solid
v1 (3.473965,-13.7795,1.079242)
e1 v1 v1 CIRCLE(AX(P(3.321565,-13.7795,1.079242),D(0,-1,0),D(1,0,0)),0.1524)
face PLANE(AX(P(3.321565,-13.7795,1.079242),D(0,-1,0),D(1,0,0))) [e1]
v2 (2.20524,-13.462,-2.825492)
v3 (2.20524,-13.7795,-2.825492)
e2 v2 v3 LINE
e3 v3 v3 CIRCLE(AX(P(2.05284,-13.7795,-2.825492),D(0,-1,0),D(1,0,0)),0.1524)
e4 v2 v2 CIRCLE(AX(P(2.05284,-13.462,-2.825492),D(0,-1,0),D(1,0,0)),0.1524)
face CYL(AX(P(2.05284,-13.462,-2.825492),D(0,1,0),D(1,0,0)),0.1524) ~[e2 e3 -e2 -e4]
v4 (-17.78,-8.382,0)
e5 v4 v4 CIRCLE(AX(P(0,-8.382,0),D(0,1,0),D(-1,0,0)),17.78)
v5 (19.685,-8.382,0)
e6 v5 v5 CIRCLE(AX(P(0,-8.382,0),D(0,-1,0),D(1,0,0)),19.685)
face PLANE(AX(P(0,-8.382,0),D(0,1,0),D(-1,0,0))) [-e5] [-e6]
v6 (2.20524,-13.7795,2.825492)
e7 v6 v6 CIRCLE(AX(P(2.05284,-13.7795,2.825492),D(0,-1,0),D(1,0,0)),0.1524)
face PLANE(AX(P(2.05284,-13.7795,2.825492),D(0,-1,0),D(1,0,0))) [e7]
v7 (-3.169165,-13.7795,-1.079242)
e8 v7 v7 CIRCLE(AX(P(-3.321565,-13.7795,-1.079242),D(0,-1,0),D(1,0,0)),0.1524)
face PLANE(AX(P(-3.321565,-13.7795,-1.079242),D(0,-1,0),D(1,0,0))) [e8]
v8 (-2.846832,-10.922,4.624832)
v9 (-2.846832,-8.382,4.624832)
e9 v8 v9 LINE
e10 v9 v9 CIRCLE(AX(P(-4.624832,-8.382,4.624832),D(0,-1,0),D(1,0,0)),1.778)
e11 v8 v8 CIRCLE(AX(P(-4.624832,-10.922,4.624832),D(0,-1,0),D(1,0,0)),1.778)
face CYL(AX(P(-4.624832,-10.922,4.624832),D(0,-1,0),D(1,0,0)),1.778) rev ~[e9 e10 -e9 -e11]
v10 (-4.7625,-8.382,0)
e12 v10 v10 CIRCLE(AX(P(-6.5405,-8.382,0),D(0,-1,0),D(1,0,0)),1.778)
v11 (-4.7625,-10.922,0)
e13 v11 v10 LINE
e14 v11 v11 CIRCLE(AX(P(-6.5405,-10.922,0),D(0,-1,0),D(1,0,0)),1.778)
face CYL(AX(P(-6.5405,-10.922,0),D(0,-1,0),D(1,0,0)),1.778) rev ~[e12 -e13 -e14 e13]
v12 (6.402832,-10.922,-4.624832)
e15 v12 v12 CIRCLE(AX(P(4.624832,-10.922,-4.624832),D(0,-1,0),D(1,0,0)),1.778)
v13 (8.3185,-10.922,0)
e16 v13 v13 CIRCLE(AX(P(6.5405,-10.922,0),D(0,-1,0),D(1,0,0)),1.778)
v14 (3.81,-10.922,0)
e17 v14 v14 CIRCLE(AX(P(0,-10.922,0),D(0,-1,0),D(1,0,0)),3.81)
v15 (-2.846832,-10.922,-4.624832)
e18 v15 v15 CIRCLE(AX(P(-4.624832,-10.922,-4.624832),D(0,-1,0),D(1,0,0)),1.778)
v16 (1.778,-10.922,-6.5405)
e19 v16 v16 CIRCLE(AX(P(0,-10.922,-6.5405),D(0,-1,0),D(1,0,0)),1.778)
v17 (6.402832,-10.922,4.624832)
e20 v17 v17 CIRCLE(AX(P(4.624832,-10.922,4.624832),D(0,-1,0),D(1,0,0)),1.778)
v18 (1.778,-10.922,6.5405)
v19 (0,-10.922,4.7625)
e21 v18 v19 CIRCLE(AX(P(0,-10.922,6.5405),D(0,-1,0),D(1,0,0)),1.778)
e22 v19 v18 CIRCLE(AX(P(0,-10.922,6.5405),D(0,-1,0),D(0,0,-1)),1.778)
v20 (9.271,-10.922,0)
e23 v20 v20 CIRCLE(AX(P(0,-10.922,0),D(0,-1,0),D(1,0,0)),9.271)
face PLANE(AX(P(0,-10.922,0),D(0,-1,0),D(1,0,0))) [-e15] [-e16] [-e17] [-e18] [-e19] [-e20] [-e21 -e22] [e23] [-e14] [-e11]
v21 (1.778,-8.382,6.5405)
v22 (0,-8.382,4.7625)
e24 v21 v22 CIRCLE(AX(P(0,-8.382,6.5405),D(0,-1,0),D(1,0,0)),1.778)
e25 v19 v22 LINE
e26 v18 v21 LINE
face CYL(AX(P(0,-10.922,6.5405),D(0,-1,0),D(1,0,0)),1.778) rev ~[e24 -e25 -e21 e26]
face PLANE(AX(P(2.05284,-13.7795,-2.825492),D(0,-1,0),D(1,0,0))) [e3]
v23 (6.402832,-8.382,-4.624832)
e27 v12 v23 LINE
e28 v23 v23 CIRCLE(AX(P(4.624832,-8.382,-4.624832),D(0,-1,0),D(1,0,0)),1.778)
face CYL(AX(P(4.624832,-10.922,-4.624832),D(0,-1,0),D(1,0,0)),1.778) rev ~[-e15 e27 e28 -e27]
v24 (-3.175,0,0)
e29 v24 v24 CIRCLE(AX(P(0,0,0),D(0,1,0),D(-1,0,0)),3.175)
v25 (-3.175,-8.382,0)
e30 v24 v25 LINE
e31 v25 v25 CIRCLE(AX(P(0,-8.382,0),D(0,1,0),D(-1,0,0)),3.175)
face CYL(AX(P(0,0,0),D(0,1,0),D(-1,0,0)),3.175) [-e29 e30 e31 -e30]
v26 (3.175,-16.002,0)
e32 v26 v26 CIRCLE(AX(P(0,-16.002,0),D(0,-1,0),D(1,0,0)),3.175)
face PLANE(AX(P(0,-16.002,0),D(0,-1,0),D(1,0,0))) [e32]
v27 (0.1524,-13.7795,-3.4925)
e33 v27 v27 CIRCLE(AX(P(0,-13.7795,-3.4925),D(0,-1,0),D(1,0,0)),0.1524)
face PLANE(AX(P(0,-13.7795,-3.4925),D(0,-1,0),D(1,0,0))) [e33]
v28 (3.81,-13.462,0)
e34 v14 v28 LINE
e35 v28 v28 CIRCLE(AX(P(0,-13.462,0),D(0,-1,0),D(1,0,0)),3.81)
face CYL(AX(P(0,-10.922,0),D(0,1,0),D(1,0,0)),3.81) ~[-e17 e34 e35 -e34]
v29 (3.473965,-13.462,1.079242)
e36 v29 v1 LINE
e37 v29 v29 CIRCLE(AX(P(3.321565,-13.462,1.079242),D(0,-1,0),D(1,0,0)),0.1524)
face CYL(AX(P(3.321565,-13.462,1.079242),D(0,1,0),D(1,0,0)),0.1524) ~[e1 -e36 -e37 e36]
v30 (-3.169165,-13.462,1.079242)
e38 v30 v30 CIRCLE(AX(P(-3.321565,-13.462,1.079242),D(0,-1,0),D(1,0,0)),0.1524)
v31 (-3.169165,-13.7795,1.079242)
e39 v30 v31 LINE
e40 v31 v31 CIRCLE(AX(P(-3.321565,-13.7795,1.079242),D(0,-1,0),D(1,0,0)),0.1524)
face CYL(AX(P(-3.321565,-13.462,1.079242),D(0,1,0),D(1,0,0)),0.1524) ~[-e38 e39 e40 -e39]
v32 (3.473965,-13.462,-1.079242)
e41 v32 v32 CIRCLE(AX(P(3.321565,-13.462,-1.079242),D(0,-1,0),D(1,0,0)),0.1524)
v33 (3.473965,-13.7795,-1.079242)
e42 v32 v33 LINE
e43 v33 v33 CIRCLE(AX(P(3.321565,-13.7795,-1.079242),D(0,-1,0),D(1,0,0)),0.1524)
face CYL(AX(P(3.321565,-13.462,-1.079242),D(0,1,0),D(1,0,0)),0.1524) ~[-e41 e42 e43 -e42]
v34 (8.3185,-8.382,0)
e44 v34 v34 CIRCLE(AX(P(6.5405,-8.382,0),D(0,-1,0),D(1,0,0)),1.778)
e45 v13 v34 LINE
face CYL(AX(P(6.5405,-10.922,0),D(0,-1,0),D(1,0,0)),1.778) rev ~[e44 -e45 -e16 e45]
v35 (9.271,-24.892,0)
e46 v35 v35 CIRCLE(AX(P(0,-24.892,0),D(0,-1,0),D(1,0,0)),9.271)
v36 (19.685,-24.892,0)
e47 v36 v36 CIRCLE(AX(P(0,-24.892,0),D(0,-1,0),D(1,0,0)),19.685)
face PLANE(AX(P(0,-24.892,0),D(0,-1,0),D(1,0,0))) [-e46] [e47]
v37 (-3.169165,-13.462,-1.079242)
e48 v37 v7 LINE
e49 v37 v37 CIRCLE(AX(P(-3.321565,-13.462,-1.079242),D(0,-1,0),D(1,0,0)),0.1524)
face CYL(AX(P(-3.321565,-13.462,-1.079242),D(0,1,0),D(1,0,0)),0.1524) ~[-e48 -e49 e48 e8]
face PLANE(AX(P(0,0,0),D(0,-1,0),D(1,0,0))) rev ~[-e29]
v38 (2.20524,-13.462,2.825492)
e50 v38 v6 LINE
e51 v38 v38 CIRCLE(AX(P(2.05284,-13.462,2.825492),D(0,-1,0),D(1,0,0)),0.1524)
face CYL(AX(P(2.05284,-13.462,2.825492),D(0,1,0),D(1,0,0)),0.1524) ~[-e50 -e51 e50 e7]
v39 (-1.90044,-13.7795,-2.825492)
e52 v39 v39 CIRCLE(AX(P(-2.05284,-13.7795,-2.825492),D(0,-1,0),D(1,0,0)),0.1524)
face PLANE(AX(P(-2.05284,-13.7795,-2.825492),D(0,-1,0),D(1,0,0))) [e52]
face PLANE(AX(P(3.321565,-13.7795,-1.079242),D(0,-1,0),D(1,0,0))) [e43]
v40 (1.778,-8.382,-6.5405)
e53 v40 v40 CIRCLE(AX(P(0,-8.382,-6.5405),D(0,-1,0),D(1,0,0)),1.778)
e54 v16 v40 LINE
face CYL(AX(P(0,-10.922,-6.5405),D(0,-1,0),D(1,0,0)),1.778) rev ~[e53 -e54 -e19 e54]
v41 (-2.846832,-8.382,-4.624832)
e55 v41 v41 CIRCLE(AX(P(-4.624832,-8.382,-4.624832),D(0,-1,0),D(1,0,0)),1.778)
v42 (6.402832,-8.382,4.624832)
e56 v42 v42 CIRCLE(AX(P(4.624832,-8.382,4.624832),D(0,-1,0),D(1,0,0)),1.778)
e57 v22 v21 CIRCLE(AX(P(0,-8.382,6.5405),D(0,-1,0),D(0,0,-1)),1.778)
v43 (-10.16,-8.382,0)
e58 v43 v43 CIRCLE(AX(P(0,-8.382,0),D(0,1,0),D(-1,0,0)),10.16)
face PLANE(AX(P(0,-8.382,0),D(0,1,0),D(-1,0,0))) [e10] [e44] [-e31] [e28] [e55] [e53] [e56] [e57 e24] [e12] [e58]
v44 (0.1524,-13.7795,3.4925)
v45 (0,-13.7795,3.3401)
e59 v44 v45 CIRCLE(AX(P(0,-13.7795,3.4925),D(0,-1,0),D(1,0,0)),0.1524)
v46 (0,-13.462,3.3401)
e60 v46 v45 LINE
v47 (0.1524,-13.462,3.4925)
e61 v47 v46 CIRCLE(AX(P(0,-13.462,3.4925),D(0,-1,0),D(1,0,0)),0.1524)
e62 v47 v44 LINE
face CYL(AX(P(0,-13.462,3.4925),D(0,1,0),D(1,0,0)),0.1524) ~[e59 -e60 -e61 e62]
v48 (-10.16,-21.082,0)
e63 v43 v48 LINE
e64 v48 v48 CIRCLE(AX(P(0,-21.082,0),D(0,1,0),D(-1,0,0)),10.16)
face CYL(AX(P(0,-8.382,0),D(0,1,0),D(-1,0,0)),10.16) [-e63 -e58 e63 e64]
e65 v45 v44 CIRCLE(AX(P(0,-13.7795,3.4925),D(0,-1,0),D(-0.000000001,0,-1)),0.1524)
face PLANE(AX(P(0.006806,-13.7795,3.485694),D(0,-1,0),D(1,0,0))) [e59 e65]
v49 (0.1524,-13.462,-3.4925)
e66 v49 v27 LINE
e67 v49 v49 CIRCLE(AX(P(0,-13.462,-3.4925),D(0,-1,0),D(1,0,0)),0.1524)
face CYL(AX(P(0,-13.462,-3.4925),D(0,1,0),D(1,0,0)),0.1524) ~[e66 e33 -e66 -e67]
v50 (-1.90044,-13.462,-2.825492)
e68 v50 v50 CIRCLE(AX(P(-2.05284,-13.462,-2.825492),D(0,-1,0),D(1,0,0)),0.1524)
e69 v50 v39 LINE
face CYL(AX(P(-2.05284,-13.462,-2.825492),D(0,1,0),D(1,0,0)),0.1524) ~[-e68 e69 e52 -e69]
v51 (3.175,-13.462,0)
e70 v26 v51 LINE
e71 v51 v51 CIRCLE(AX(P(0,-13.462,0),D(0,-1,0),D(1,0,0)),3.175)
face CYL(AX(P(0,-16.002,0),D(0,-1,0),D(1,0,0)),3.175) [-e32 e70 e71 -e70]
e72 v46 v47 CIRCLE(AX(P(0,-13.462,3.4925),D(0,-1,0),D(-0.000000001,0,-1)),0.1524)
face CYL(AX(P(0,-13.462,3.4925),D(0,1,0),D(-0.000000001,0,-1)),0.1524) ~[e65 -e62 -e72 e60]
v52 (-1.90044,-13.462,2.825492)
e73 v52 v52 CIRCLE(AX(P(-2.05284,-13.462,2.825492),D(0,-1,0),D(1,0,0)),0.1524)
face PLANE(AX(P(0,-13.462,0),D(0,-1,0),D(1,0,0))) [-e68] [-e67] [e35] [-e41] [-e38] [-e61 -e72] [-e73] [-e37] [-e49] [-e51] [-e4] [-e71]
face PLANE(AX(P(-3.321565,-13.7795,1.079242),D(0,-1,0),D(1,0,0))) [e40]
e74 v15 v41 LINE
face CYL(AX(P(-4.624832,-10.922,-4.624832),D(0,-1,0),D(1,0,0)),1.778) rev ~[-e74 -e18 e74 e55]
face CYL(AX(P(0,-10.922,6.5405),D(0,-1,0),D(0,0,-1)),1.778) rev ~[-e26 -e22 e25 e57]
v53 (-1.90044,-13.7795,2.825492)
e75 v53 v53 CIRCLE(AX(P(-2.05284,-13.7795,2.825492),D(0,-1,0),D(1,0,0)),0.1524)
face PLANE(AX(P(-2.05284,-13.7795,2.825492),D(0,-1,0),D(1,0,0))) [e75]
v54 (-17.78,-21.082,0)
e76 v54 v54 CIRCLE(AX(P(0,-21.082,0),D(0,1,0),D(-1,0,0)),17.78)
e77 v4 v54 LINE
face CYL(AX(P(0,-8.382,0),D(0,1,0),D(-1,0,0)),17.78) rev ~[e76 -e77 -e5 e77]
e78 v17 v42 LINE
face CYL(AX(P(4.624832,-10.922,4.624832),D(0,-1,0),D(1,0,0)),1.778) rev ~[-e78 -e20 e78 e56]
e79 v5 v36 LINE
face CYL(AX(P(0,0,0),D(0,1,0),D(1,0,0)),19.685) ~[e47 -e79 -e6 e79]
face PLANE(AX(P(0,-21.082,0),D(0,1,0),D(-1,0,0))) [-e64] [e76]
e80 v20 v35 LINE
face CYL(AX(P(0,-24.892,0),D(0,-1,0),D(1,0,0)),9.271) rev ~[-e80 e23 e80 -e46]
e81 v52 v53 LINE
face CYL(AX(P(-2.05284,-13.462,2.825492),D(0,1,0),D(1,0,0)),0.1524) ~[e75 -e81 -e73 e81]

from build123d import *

# Parameters (mm, degrees)
F0_R      = 19.685
F0_R_2    = 10.16
F0_R_3    = 8.89
F1_DEPTH  = 24.892
F2_R      = 19.685
F2_R_2    = 3.175
F3_DEPTH  = 8.382
F4_R      = 9.271
F5_DEPTH  = 8.89
F6_R      = 9.271
F6_R_2    = 3.175
F7_DEPTH  = 5.08
F8_R      = 3.81
F8_R_2    = 3.175
F9_DEPTH  = 2.54
F10_R     = 1.778
F11_DEPTH = 7.6708
F12_R     = 0.1524
F13_DEPTH = 0.3175
F15_R     = 17.78
F15_R_2   = 10.16
F16_DEPTH = 12.7


with BuildPart() as f1:
    # F0 (on Front) → F1 (new body)
    with BuildSketch(Plane.XZ):
        Circle(F0_R)
        Circle(F0_R_2, mode=Mode.SUBTRACT)
        Circle(F0_R_2)
        Circle(F0_R_3, mode=Mode.SUBTRACT)
        Circle(F0_R_3)
    extrude(amount=F1_DEPTH)

    # F2 (on face) → F3 (cut)
    with BuildSketch(Plane(origin=(0, 0, 0), x_dir=(-1, 0, 0), z_dir=(0, 1, 0))):
        Circle(F2_R)
        Circle(F2_R_2, mode=Mode.SUBTRACT)
    extrude(amount=-F3_DEPTH, mode=Mode.SUBTRACT)

    # F4 (on face) → F5 (cut)
    with BuildSketch(Plane.XZ.offset(24.892)):
        Circle(F4_R)
    extrude(amount=-F5_DEPTH, mode=Mode.SUBTRACT)

    # F6 (on face) → F7 (cut)
    with BuildSketch(Plane.XZ.offset(16.002)):
        Circle(F6_R)
        Circle(F6_R_2, mode=Mode.SUBTRACT)
    extrude(amount=-F7_DEPTH, mode=Mode.SUBTRACT)

    # F8 (on face) → F9 (join)
    with BuildSketch(Plane.XZ.offset(10.922)):
        Circle(F8_R)
        Circle(F8_R_2, mode=Mode.SUBTRACT)
    extrude(amount=F9_DEPTH)

    # F10 (on face) → F11 (cut)
    with BuildSketch(Plane.XZ.offset(10.922)):
        with Locations((-4.6248319024, 4.6248319024)):
            Circle(F10_R)
        with BuildLine():
            ThreePointArc((1.778, 6.5405), (-1.2572358569, 7.7977358569), (0, 4.7625))
            ThreePointArc((0, 4.7625), (1.2572358569, 5.2832641431), (1.778, 6.5405))
        make_face()
        with Locations((4.6248319024, 4.6248319024)):
            Circle(F10_R)
        with Locations((6.5405, 0)):
            Circle(F10_R)
        with Locations((4.6248319024, -4.6248319024)):
            Circle(F10_R)
        with Locations((0, -6.5405)):
            Circle(F10_R)
        with Locations((-4.6248319024, -4.6248319024)):
            Circle(F10_R)
        with Locations((-6.5405, 0)):
            Circle(F10_R)
    extrude(amount=-F11_DEPTH, mode=Mode.SUBTRACT)

    # F12 (on face) → F13 (join)
    with BuildSketch(Plane.XZ.offset(13.462)):
        with BuildLine():
            ThreePointArc((0.1524, 3.4925), (-0.1077630735, 3.6002630735), (0, 3.3401))
            ThreePointArc((0, 3.3401), (0.1077630735, 3.3847369265), (0.1524, 3.4925))
        make_face()
        with Locations((2.0528399936, 2.8254918529)):
            Circle(F12_R)
        with Locations((3.3215648832, 1.0792418529)):
            Circle(F12_R)
        with Locations((3.3215648832, -1.0792418529)):
            Circle(F12_R)
        with Locations((2.0528399936, -2.8254918529)):
            Circle(F12_R)
        with Locations((0, -3.4925)):
            Circle(F12_R)
        with Locations((-2.0528399936, -2.8254918529)):
            Circle(F12_R)
        with Locations((-3.3215648832, -1.0792418529)):
            Circle(F12_R)
        with Locations((-3.3215648832, 1.0792418529)):
            Circle(F12_R)
        with Locations((-2.0528399936, 2.8254918529)):
            Circle(F12_R)
    extrude(amount=F13_DEPTH)

    # F15 (on face) → F16 (cut)
    with BuildSketch(Plane(origin=(0, -8.382, 0), x_dir=(-1, 0, 0), z_dir=(0, 1, 0))):
        Circle(F15_R)
        Circle(F15_R_2, mode=Mode.SUBTRACT)
    extrude(amount=-F16_DEPTH, mode=Mode.SUBTRACT)


solid = f1.part
